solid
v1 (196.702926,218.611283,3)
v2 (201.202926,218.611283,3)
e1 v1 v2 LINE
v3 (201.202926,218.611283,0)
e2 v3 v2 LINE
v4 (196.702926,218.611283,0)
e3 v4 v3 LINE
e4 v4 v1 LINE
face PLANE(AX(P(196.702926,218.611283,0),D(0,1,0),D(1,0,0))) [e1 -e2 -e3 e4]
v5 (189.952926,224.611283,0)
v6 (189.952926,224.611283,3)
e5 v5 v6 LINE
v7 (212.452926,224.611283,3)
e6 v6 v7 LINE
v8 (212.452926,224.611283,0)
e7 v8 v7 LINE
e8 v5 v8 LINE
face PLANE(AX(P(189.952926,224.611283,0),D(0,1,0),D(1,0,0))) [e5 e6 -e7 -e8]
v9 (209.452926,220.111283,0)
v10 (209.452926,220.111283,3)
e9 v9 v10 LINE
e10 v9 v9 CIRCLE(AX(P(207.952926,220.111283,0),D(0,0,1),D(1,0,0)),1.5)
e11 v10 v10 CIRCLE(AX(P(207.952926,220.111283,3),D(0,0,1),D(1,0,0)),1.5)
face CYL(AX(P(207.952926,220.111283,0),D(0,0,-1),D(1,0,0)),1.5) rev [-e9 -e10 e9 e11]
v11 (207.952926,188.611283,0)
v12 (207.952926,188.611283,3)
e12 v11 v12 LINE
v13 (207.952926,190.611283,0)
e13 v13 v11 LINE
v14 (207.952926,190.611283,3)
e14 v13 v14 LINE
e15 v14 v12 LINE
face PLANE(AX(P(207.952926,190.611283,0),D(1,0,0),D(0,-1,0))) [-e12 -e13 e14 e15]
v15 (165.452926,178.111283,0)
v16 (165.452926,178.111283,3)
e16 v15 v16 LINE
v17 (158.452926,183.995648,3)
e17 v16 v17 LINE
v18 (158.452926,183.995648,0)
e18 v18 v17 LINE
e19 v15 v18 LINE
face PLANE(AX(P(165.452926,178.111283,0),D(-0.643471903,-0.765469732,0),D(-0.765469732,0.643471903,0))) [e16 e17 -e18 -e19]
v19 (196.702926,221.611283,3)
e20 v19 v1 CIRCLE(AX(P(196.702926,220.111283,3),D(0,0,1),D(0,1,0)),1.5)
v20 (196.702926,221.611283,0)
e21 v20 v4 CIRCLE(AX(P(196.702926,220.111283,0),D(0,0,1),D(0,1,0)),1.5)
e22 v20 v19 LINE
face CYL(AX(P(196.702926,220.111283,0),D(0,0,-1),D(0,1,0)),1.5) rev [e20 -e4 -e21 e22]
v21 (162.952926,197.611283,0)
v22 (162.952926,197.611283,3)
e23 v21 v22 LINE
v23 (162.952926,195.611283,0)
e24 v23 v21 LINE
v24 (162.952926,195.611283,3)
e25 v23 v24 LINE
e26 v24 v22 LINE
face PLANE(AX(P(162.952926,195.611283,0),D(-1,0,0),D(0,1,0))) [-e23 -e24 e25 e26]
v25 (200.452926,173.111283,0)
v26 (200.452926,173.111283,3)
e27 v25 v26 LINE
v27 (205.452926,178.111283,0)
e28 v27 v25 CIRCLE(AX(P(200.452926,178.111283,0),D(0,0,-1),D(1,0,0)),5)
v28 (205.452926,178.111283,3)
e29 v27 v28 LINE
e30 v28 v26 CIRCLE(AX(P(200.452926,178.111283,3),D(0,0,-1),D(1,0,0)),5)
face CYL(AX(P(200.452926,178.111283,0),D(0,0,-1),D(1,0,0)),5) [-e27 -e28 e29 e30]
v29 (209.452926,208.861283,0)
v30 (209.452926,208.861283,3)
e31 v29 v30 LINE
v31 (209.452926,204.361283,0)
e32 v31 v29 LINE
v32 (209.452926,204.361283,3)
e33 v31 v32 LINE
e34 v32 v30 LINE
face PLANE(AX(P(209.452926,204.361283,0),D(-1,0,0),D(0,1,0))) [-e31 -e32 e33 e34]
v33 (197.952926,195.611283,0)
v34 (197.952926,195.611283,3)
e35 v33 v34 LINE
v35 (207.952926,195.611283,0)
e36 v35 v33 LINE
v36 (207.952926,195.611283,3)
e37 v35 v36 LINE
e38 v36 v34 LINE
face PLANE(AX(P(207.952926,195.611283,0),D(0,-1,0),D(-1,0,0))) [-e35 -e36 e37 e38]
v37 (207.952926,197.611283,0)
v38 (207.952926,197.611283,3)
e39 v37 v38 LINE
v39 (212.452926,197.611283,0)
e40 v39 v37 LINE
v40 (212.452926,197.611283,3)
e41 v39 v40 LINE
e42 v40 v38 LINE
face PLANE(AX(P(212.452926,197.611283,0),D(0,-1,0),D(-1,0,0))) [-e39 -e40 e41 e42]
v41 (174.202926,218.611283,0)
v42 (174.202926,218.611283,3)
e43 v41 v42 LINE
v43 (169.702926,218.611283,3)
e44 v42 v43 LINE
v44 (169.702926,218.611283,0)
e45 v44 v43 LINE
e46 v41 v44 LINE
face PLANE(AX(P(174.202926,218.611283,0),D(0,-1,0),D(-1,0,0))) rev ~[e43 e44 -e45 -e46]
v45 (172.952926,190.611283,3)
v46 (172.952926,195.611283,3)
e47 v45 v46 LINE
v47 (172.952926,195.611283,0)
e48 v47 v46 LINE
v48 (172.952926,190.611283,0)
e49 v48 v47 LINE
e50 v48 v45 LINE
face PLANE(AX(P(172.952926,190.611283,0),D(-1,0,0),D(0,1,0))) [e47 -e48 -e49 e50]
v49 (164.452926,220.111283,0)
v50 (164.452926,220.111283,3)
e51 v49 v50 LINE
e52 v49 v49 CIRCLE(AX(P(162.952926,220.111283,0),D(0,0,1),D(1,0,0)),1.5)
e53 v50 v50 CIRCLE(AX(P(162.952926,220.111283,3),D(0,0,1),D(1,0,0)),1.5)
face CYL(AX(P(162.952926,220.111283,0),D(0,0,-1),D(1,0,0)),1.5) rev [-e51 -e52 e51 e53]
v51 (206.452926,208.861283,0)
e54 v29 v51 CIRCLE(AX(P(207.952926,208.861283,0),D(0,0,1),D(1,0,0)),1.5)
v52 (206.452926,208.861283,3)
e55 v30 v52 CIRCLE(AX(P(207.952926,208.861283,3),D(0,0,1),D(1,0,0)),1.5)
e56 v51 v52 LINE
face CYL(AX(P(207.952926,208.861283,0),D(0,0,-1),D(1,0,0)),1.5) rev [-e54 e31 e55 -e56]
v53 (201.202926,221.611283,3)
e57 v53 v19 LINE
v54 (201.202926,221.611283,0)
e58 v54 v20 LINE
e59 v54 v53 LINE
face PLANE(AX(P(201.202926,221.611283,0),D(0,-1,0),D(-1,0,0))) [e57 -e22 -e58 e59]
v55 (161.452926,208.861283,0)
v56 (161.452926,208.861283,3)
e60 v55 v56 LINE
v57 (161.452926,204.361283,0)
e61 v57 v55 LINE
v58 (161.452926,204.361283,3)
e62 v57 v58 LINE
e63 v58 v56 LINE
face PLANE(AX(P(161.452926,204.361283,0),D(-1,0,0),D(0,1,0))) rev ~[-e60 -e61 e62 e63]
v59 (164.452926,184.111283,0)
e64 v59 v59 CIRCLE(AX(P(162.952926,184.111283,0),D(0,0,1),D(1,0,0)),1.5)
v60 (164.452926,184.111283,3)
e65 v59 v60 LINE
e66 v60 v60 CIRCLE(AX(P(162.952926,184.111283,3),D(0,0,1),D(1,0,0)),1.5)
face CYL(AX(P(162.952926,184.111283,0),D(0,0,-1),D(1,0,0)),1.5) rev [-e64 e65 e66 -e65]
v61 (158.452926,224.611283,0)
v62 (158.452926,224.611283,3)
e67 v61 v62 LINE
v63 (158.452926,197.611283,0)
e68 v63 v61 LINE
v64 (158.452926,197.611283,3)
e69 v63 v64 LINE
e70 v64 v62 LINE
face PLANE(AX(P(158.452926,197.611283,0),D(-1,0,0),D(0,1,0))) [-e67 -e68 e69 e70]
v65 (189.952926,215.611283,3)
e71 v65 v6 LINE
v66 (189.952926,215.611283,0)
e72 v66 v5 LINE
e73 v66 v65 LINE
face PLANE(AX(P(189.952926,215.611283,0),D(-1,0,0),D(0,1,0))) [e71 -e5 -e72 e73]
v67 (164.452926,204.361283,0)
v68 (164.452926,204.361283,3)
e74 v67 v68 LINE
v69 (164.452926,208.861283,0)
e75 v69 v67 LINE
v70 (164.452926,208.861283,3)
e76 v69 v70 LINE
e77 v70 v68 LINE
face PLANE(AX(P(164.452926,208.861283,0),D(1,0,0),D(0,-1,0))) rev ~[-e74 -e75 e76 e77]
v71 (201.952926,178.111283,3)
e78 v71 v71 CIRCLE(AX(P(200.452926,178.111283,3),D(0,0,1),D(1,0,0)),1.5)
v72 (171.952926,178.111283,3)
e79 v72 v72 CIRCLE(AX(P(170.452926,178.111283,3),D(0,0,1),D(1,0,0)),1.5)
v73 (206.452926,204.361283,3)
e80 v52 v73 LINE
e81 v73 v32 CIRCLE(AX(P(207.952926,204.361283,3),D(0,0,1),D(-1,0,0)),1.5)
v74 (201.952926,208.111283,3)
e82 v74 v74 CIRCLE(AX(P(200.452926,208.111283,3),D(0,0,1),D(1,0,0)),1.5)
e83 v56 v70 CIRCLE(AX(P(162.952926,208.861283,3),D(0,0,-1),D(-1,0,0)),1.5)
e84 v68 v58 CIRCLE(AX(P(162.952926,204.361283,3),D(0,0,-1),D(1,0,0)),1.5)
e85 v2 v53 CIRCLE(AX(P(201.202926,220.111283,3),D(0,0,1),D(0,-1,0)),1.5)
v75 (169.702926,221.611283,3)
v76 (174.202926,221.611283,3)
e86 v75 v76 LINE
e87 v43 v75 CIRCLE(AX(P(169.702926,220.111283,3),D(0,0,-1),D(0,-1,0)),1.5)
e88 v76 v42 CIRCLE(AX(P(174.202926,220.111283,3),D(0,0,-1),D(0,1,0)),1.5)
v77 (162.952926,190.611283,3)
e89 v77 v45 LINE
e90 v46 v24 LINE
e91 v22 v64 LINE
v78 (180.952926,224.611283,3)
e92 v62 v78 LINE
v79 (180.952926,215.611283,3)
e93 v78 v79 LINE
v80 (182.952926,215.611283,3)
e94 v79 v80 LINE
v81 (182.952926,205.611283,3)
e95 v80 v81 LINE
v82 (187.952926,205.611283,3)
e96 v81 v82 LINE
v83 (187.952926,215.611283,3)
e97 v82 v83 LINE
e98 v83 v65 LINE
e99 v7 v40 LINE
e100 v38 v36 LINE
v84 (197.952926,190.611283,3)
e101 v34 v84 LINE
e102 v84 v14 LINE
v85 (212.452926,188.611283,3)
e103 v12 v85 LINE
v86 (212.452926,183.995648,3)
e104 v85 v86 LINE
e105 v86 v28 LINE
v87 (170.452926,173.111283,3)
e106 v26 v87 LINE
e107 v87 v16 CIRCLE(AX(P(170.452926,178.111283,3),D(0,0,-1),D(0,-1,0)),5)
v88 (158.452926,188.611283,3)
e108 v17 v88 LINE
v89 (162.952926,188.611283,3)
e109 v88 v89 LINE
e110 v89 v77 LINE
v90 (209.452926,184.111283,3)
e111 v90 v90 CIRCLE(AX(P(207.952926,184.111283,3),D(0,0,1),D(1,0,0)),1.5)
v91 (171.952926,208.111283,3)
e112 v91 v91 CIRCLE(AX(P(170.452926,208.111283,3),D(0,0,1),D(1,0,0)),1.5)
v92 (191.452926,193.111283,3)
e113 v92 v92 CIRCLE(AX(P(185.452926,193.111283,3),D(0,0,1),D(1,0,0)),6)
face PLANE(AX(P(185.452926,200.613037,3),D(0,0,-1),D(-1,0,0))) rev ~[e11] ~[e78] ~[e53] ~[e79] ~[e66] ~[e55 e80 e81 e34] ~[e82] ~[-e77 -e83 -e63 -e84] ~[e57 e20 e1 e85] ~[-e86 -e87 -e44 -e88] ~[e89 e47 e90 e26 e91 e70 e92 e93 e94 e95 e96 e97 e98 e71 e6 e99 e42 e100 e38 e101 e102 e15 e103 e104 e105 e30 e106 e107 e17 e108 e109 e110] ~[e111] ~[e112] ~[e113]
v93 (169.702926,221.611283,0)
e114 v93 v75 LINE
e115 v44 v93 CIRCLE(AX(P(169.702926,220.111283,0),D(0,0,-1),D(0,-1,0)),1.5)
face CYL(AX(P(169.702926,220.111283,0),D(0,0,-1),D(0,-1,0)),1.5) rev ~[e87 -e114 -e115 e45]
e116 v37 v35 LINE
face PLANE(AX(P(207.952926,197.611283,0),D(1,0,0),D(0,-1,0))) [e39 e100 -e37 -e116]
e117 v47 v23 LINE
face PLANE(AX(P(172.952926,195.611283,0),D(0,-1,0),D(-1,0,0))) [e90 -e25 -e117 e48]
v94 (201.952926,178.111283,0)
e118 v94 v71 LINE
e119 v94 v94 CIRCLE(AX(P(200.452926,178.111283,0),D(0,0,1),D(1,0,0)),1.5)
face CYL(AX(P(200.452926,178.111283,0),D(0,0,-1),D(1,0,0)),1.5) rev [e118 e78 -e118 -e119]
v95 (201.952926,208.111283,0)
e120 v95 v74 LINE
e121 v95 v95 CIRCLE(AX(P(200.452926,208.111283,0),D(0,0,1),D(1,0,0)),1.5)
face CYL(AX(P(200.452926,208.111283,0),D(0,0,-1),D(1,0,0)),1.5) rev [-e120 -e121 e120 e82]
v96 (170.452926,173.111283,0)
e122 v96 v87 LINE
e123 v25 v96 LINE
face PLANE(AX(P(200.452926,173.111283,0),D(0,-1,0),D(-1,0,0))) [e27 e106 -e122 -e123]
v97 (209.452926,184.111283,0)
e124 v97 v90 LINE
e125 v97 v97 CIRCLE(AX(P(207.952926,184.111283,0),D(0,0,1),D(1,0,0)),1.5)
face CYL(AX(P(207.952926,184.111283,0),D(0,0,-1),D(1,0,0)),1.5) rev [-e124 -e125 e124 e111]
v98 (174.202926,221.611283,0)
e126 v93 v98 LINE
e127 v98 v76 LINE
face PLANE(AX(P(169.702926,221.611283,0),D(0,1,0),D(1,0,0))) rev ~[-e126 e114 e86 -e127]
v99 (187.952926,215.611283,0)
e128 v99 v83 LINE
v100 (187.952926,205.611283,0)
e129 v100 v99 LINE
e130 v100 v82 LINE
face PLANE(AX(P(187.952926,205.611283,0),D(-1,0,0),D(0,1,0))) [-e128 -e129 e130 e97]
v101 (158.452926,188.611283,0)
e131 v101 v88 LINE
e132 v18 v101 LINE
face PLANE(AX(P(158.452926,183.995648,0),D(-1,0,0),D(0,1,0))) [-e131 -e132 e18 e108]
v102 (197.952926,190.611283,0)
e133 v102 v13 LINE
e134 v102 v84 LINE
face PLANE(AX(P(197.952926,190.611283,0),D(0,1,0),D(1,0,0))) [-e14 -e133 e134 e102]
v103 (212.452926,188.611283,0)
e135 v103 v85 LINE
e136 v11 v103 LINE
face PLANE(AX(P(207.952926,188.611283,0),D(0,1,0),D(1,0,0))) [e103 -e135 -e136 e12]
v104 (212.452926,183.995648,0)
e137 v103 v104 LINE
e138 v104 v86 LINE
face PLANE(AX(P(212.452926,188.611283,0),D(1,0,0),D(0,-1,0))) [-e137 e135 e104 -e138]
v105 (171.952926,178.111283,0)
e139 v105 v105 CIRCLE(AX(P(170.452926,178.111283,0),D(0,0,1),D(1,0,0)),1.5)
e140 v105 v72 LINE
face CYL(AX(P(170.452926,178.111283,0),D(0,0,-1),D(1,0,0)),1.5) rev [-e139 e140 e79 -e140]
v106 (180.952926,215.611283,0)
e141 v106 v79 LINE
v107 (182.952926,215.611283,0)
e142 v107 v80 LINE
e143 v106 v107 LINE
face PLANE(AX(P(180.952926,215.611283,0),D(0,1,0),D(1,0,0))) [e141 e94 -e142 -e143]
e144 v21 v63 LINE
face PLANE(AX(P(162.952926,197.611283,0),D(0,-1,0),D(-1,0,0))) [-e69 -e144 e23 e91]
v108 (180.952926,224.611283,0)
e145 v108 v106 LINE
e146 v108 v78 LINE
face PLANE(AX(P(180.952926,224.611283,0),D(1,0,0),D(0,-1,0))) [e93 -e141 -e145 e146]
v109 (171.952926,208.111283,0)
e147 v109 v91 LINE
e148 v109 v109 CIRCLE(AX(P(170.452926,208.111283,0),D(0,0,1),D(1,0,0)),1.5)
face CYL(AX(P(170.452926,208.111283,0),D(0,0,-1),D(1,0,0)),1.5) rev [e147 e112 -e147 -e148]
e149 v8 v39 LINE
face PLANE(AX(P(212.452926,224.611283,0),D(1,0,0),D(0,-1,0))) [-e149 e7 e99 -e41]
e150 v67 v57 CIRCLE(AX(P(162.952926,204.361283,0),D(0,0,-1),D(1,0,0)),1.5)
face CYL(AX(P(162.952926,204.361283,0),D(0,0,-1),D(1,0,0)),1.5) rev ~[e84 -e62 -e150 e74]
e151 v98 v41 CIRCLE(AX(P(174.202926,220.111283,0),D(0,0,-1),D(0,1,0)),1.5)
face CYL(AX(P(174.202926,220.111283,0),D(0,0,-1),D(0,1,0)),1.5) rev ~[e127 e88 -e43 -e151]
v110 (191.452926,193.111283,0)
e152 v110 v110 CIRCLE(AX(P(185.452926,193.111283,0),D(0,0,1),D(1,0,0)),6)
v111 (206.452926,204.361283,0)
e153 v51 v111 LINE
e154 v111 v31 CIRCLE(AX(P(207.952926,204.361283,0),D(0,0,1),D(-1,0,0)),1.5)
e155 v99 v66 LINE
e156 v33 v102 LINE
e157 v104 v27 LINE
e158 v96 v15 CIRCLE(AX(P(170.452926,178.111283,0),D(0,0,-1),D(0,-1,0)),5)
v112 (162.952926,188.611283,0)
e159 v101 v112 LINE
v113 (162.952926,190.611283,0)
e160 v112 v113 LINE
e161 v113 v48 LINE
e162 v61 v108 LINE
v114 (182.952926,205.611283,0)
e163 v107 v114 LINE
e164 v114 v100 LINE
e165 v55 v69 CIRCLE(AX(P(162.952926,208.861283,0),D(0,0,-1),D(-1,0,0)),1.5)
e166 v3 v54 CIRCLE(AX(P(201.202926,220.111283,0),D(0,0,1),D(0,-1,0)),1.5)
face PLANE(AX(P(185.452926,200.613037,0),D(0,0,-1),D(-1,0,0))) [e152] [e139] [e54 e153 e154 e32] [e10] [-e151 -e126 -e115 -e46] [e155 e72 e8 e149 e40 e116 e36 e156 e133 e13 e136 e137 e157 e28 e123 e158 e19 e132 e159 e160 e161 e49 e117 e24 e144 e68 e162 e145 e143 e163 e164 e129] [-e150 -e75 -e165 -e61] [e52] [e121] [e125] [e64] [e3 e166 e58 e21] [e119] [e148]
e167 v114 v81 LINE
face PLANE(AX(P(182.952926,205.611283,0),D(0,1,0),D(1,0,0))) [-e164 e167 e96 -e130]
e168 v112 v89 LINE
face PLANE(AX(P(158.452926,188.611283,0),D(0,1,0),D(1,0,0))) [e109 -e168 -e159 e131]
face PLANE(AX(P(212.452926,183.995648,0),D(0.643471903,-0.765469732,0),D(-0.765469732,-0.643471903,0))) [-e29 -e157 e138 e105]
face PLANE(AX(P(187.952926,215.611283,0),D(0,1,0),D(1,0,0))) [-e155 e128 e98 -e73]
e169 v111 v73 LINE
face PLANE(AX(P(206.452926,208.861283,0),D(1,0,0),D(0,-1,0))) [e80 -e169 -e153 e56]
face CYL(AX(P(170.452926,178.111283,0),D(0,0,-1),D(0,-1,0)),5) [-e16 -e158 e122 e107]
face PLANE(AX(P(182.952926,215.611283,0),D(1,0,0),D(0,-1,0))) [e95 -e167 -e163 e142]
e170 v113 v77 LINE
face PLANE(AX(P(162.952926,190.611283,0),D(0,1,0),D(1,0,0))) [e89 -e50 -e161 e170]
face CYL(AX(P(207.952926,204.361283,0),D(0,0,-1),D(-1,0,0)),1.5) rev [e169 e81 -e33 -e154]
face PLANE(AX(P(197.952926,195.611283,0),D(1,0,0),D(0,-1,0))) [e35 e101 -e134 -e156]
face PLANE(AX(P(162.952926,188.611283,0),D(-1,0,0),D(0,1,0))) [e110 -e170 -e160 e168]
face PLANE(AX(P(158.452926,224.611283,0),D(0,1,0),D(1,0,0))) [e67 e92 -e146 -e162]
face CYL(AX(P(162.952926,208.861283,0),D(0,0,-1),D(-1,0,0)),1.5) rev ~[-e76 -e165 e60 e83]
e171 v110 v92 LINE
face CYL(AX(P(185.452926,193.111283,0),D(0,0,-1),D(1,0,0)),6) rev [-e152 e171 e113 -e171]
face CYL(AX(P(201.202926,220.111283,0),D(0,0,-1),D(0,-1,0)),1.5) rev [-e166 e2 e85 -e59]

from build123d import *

# Parameters (mm, degrees)
MODEL_R                 = 1.5
MODEL_R_2               = 6
SALIENTE_EXTRUIR1_DEPTH = 3


with BuildPart() as part:
    # Model → Saliente-Extruir1 (new body)
    with BuildSketch(Plane.XY):
        with BuildLine():
            Line((187.952926253, 215.611282897), (189.952926253, 215.611282897))
            Line((189.952926253, 215.611282897), (189.952926253, 224.611282897))
            Line((189.952926253, 224.611282897), (212.452926253, 224.611282897))
            Line((212.452926253, 224.611282897), (212.452926253, 197.611282897))
            Line((212.452926253, 197.611282897), (207.952926253, 197.611282897))
            Line((207.952926253, 197.611282897), (207.952926253, 195.611282897))
            Line((207.952926253, 195.611282897), (197.952926253, 195.611282897))
            Line((197.952926253, 195.611282897), (197.952926253, 190.611282897))
            Line((197.952926253, 190.611282897), (207.952926253, 190.611282897))
            Line((207.952926253, 190.611282897), (207.952926253, 188.611282897))
            Line((207.952926253, 188.611282897), (212.452926253, 188.611282897))
            Line((212.452926253, 188.611282897), (212.452926253, 183.995647927))
            Line((212.452926253, 183.995647927), (205.452926253, 178.111282897))
            ThreePointArc((205.452926253, 178.111282897), (203.988460159, 174.575748991), (200.452926253, 173.111282897))
            Line((200.452926253, 173.111282897), (170.452926253, 173.111282897))
            ThreePointArc((170.452926253, 173.111282897), (166.917392347, 174.575748991), (165.452926253, 178.111282897))
            Line((165.452926253, 178.111282897), (158.452926253, 183.995647927))
            Line((158.452926253, 183.995647927), (158.452926253, 188.611282897))
            Line((158.452926253, 188.611282897), (162.952926253, 188.611282897))
            Line((162.952926253, 188.611282897), (162.952926253, 190.611282897))
            Line((162.952926253, 190.611282897), (172.952926253, 190.611282897))
            Line((172.952926253, 190.611282897), (172.952926253, 195.611282897))
            Line((172.952926253, 195.611282897), (162.952926253, 195.611282897))
            Line((162.952926253, 195.611282897), (162.952926253, 197.611282897))
            Line((162.952926253, 197.611282897), (158.452926253, 197.611282897))
            Line((158.452926253, 197.611282897), (158.452926253, 224.611282897))
            Line((158.452926253, 224.611282897), (180.952926253, 224.611282897))
            Line((180.952926253, 224.611282897), (180.952926253, 215.611282897))
            Line((180.952926253, 215.611282897), (182.952926253, 215.611282897))
            Line((182.952926253, 215.611282897), (182.952926253, 205.611282897))
            Line((182.952926253, 205.611282897), (187.952926253, 205.611282897))
            Line((187.952926253, 205.611282897), (187.952926253, 215.611282897))
        make_face()
        with Locations((207.952926253, 220.111282897)):
            Circle(MODEL_R, mode=Mode.SUBTRACT)
        with Locations((200.452926253, 208.111282897)):
            Circle(MODEL_R, mode=Mode.SUBTRACT)
        with Locations((207.952926253, 184.111282897)):
            Circle(MODEL_R, mode=Mode.SUBTRACT)
        with Locations((185.452926253, 193.111282897)):
            Circle(MODEL_R_2, mode=Mode.SUBTRACT)
        with Locations((200.452926253, 178.111282897)):
            Circle(MODEL_R, mode=Mode.SUBTRACT)
        with Locations((162.952926253, 220.111282897)):
            Circle(MODEL_R, mode=Mode.SUBTRACT)
        with Locations((170.452926253, 208.111282897)):
            Circle(MODEL_R, mode=Mode.SUBTRACT)
        with Locations((162.952926253, 184.111282897)):
            Circle(MODEL_R, mode=Mode.SUBTRACT)
        with Locations((170.452926253, 178.111282897)):
            Circle(MODEL_R, mode=Mode.SUBTRACT)
        with BuildLine():
            Line((169.702926253, 221.611282897), (174.202926253, 221.611282897))
            ThreePointArc((174.202926253, 221.611282897), (175.702926253, 220.111282897), (174.202926253, 218.611282897))
            Line((174.202926253, 218.611282897), (169.702926253, 218.611282897))
            ThreePointArc((169.702926253, 218.611282897), (168.202926253, 220.111282897), (169.702926253, 221.611282897))
        make_face(mode=Mode.SUBTRACT)
        with BuildLine():
            Line((164.452926253, 208.861282897), (164.452926253, 204.361282897))
            ThreePointArc((164.452926253, 204.361282897), (162.952926253, 202.861282897), (161.452926253, 204.361282897))
            Line((161.452926253, 204.361282897), (161.452926253, 208.861282897))
            ThreePointArc((161.452926253, 208.861282897), (162.952926253, 210.361282897), (164.452926253, 208.861282897))
        make_face(mode=Mode.SUBTRACT)
        with BuildLine():
            Line((196.702926253, 218.611282897), (201.202926253, 218.611282897))
            ThreePointArc((201.202926253, 218.611282897), (202.702926253, 220.111282897), (201.202926253, 221.611282897))
            Line((201.202926253, 221.611282897), (196.702926253, 221.611282897))
            ThreePointArc((196.702926253, 221.611282897), (195.202926253, 220.111282897), (196.702926253, 218.611282897))
        make_face(mode=Mode.SUBTRACT)
        with BuildLine():
            Line((206.452926253, 208.861282897), (206.452926253, 204.361282897))
            ThreePointArc((206.452926253, 204.361282897), (207.952926253, 202.861282897), (209.452926253, 204.361282897))
            Line((209.452926253, 204.361282897), (209.452926253, 208.861282897))
            ThreePointArc((209.452926253, 208.861282897), (207.952926253, 210.361282897), (206.452926253, 208.861282897))
        make_face(mode=Mode.SUBTRACT)
    extrude(amount=SALIENTE_EXTRUIR1_DEPTH)


solid = part.part
